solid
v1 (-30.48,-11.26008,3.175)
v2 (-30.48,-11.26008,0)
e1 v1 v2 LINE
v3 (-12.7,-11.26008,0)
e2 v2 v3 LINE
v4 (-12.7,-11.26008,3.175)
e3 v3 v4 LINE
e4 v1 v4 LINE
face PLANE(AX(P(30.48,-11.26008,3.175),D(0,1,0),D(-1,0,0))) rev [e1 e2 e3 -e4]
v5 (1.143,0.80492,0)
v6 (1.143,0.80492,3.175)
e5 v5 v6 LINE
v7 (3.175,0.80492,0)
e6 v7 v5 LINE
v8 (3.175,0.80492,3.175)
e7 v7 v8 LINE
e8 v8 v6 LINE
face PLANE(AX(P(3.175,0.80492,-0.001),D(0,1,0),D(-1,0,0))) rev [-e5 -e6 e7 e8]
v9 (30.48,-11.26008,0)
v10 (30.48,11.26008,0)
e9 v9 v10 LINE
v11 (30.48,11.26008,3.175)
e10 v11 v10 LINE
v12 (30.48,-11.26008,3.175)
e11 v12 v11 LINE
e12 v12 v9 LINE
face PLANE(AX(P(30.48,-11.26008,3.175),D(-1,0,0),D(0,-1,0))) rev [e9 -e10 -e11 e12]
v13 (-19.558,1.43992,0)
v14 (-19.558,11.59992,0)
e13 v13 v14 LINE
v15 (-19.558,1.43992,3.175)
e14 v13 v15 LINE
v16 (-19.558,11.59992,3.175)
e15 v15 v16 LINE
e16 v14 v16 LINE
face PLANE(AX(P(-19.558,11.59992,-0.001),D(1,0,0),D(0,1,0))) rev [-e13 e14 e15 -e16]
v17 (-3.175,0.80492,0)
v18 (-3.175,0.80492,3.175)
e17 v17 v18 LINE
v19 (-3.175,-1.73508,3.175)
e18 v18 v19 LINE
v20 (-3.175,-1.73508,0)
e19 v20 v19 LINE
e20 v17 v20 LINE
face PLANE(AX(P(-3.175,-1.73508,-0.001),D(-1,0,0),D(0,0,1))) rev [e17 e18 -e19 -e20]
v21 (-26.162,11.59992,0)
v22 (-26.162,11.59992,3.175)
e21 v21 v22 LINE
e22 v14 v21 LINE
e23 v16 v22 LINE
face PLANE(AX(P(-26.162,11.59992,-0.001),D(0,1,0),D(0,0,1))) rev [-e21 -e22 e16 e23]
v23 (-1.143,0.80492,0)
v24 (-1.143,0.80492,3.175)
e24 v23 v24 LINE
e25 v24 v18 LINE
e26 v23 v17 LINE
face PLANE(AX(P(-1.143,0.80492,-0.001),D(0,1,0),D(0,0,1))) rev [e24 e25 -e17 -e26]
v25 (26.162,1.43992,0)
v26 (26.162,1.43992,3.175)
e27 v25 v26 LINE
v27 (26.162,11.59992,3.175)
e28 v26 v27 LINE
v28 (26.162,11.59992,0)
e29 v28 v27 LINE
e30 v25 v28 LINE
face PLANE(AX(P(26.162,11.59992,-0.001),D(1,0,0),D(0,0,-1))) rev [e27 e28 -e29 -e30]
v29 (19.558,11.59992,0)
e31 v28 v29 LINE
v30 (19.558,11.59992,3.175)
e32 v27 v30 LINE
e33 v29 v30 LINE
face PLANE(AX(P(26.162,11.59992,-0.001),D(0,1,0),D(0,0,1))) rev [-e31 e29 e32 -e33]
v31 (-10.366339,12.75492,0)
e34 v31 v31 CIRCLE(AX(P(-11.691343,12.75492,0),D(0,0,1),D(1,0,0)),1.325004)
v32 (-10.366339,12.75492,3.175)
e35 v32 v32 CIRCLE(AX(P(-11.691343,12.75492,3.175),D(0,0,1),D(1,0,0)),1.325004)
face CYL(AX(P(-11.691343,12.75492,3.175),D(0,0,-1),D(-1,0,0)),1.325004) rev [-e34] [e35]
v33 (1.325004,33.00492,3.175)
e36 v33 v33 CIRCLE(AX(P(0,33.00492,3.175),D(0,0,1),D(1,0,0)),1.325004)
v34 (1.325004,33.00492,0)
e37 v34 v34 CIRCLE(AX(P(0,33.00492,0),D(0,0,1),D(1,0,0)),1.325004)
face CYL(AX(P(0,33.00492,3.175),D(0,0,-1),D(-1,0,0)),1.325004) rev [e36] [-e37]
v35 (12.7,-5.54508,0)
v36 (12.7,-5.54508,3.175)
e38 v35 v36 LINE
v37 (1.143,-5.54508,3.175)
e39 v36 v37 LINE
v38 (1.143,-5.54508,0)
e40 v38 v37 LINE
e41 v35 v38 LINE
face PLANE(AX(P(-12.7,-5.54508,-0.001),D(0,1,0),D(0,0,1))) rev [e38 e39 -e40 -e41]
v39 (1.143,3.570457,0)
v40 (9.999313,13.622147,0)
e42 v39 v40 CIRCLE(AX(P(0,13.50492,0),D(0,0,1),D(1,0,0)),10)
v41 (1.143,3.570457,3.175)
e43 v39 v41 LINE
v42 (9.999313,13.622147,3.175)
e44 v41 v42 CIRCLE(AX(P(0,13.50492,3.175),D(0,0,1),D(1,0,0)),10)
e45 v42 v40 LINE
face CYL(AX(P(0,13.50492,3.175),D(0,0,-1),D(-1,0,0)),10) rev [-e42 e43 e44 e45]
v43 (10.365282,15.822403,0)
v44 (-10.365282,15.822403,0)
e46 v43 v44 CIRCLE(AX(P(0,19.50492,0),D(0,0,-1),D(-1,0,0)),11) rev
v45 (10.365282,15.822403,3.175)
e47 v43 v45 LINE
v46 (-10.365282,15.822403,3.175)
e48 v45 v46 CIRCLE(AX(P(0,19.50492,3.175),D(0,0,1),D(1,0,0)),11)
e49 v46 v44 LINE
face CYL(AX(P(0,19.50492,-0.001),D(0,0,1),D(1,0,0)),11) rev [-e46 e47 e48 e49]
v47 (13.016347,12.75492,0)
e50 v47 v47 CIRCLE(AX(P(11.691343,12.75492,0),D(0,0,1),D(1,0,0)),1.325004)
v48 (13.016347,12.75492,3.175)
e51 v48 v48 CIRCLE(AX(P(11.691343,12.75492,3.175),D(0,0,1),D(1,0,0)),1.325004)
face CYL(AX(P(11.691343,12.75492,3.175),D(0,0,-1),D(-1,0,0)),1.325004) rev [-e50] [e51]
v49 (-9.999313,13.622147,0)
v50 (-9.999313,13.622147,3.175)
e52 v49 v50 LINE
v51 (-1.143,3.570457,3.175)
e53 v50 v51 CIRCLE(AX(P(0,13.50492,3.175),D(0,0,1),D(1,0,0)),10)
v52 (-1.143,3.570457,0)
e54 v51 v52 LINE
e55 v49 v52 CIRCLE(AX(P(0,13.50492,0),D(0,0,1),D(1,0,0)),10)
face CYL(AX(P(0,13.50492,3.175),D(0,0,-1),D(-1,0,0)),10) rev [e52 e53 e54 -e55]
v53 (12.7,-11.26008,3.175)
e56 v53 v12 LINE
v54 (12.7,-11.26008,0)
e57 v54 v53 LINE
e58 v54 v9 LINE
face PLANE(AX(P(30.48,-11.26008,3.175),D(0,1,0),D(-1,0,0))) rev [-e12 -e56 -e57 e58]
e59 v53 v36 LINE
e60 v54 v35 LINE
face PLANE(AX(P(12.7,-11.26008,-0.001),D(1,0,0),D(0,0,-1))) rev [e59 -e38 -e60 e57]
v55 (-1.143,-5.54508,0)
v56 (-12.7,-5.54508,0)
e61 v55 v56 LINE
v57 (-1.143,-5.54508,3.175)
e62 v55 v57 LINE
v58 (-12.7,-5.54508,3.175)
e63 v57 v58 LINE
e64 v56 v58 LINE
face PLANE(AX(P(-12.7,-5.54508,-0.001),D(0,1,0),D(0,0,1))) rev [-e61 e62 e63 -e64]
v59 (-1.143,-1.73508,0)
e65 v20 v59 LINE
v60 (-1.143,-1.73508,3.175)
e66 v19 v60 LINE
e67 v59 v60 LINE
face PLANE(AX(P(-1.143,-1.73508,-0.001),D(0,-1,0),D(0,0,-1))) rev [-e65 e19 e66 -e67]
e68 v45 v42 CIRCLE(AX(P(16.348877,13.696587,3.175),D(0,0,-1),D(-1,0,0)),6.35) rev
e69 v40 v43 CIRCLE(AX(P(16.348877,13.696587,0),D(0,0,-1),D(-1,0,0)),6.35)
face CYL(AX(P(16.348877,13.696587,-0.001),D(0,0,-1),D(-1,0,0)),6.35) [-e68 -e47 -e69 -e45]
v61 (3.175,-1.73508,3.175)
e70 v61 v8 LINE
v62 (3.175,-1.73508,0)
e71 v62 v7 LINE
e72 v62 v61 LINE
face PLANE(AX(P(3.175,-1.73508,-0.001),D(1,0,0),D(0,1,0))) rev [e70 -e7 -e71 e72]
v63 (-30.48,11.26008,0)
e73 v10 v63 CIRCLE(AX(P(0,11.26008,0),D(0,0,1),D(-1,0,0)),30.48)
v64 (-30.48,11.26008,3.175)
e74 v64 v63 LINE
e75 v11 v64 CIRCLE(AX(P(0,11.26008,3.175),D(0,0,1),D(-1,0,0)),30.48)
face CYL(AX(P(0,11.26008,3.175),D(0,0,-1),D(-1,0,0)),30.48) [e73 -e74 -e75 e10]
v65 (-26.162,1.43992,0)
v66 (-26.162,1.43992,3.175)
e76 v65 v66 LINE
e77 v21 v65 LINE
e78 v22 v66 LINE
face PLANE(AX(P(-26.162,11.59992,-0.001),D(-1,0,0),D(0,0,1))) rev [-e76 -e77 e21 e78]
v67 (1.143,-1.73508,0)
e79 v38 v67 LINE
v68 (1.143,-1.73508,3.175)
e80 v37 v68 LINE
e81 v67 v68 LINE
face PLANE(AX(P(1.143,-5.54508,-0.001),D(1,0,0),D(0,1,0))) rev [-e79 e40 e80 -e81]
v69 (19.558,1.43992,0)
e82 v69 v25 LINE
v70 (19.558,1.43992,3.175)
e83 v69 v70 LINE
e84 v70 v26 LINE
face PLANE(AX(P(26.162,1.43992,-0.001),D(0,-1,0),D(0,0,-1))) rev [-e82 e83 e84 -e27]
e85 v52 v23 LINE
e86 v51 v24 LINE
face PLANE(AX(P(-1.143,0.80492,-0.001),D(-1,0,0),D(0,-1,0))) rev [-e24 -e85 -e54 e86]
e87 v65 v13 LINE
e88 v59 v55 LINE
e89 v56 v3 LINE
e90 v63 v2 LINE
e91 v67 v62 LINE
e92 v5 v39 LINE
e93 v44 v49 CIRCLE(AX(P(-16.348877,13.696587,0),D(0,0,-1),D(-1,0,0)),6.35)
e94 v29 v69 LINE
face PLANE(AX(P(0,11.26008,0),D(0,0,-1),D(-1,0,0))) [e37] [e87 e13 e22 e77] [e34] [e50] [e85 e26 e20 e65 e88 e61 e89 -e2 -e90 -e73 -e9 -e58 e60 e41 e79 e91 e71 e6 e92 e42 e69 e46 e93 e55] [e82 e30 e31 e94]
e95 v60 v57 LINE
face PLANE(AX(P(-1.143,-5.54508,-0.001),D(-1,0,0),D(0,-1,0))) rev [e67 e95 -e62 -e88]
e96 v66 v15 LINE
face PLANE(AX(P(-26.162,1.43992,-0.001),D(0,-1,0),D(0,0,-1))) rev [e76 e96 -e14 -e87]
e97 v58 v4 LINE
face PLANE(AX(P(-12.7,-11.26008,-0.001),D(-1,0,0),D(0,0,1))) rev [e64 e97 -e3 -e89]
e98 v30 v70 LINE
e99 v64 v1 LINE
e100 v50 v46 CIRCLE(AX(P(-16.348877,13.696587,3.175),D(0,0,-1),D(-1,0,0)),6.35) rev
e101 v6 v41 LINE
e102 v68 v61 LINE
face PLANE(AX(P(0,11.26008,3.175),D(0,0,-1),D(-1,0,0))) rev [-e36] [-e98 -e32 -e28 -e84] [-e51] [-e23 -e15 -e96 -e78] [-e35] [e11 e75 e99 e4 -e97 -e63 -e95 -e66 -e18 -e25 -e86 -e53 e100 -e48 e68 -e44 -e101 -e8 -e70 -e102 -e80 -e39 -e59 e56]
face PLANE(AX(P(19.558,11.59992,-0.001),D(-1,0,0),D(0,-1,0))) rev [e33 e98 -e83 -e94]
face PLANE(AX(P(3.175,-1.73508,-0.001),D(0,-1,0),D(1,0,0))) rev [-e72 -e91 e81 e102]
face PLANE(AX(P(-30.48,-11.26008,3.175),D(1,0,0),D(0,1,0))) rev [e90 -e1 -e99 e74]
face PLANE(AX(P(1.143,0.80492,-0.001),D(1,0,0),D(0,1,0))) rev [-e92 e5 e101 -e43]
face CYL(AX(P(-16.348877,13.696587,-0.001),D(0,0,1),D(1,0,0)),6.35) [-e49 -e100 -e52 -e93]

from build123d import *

# Parameters (mm, degrees)
BOSS_EXTRUDE1_DEPTH = 3.175
CUT_EXTRUDE1_REACH  = 53.782
SKETCH2_R           = 11
CUT_EXTRUDE2_REACH  = 53.782
SKETCH3_W           = 25.4
SKETCH3_H           = 5.715
CUT_EXTRUDE4_REACH  = 53.782
SKETCH6_R           = 1.3250037
CUT_EXTRUDE6_DEPTH  = 52.781708168
SKETCH7_R           = 10
CUT_EXTRUDE7_DEPTH  = 52.781708168
FILLET1_R           = 6.35
CUT_EXTRUDE8_REACH  = 53.782
SKETCH8_W           = 6.604
SKETCH8_H           = 10.16


with BuildPart() as part:
    # Sketch1 → Boss-Extrude1 (new body)
    with BuildSketch(Plane.XY):
        with BuildLine():
            Line((30.48, -11.260079969), (-30.48, -11.260079969))
            Line((-30.48, -11.260079969), (-30.48, 11.260079969))
            ThreePointArc((-30.48, 11.260079969), (0, 41.740079969), (30.48, 11.260079969))
            Line((30.48, 11.260079969), (30.48, -11.260079969))
        make_face()
    extrude(amount=BOSS_EXTRUDE1_DEPTH)

    # Sketch2 → Cut-Extrude1 (cut, up to next)
    with BuildSketch(Plane.XY.offset(3.175), mode=Mode.PRIVATE) as cut_extrude1_sk1:
        with Locations((0, 19.504919969)):
            Circle(SKETCH2_R)
    cut_extrude1_tool1 = extrude(cut_extrude1_sk1.sketch, amount=-CUT_EXTRUDE1_REACH, mode=Mode.PRIVATE) & part.part
    add(cut_extrude1_tool1.solids().sort_by_distance((0, 19.50492, 3.175))[0], mode=Mode.SUBTRACT)

    # Sketch3 → Cut-Extrude2 (cut, up to next)
    with BuildSketch(Plane.XY.offset(3.175), mode=Mode.PRIVATE) as cut_extrude2_sk1:
        with Locations((0, -8.402579969)):
            Rectangle(SKETCH3_W, SKETCH3_H)
    cut_extrude2_tool1 = extrude(cut_extrude2_sk1.sketch, amount=-CUT_EXTRUDE2_REACH, mode=Mode.PRIVATE) & part.part
    add(cut_extrude2_tool1.solids().sort_by_distance((0, -8.40258, 3.175))[0], mode=Mode.SUBTRACT)

    # Sketch5 → Cut-Extrude4 (cut, up to next)
    with BuildSketch(Plane.XY.offset(3.175), mode=Mode.PRIVATE) as cut_extrude4_sk1:
        Polygon((3.175, -1.735079969), (1.143, -1.735079969), (1.143, -5.545079969), (-1.143, -5.545079969), (-1.143, -1.735079969), (-3.175, -1.735079969), (-3.175, 0.804920031), (-1.143, 0.804920031), (-1.143, 9.694920031), (1.143, 9.694920031), (1.143, 0.804920031), (3.175, 0.804920031), align=None)
    cut_extrude4_tool1 = extrude(cut_extrude4_sk1.sketch, amount=-CUT_EXTRUDE4_REACH, mode=Mode.PRIVATE) & part.part
    add(cut_extrude4_tool1.solids().sort_by_distance((0, 1.494349, 3.175))[0], mode=Mode.SUBTRACT)

    # Sketch6 → Cut-Extrude6 (cut, through all)
    with BuildSketch(Plane.XY):
        with Locations((0, 33.004919969)):
            Circle(SKETCH6_R)
        with Locations((11.691342951, 12.754919969)):
            Circle(SKETCH6_R)
        with Locations((-11.691342951, 12.754919969)):
            Circle(SKETCH6_R)
    extrude(amount=CUT_EXTRUDE6_DEPTH, mode=Mode.SUBTRACT)

    # Sketch7 → Cut-Extrude7 (cut, through all)
    with BuildSketch(Plane.XY):
        with Locations((0, 13.504920031)):
            Circle(SKETCH7_R)
    extrude(amount=CUT_EXTRUDE7_DEPTH, mode=Mode.SUBTRACT)

    # Fillet1
    fillet1_edges = [part.edges().sort_by_distance(p)[0] for p in [
        (9.921567423, 14.754919982, 1.5875),
        (-9.921567423, 14.754919982, 1.5875),
    ]]
    fillet(fillet1_edges, radius=FILLET1_R)

    # Sketch8 → Cut-Extrude8 (cut, up to next)
    with BuildSketch(Plane.XY.offset(3.175), mode=Mode.PRIVATE) as cut_extrude8_sk1:
        with Locations((22.86, 6.519920031)):
            Rectangle(SKETCH8_W, SKETCH8_H)
    cut_extrude8_tool1 = extrude(cut_extrude8_sk1.sketch, amount=-CUT_EXTRUDE8_REACH, mode=Mode.PRIVATE) & part.part
    # Sketch8 → Cut-Extrude8 (cut, up to next)
    with BuildSketch(Plane.XY.offset(3.175), mode=Mode.PRIVATE) as cut_extrude8_sk2:
        with Locations((-22.86, 6.519920031)):
            Rectangle(SKETCH8_W, SKETCH8_H)
    cut_extrude8_tool2 = extrude(cut_extrude8_sk2.sketch, amount=-CUT_EXTRUDE8_REACH, mode=Mode.PRIVATE) & part.part
    add(cut_extrude8_tool1.solids().sort_by_distance((22.86, 6.51992, 3.175))[0], mode=Mode.SUBTRACT)
    add(cut_extrude8_tool2.solids().sort_by_distance((-22.86, 6.51992, 3.175))[0], mode=Mode.SUBTRACT)


solid = part.part
